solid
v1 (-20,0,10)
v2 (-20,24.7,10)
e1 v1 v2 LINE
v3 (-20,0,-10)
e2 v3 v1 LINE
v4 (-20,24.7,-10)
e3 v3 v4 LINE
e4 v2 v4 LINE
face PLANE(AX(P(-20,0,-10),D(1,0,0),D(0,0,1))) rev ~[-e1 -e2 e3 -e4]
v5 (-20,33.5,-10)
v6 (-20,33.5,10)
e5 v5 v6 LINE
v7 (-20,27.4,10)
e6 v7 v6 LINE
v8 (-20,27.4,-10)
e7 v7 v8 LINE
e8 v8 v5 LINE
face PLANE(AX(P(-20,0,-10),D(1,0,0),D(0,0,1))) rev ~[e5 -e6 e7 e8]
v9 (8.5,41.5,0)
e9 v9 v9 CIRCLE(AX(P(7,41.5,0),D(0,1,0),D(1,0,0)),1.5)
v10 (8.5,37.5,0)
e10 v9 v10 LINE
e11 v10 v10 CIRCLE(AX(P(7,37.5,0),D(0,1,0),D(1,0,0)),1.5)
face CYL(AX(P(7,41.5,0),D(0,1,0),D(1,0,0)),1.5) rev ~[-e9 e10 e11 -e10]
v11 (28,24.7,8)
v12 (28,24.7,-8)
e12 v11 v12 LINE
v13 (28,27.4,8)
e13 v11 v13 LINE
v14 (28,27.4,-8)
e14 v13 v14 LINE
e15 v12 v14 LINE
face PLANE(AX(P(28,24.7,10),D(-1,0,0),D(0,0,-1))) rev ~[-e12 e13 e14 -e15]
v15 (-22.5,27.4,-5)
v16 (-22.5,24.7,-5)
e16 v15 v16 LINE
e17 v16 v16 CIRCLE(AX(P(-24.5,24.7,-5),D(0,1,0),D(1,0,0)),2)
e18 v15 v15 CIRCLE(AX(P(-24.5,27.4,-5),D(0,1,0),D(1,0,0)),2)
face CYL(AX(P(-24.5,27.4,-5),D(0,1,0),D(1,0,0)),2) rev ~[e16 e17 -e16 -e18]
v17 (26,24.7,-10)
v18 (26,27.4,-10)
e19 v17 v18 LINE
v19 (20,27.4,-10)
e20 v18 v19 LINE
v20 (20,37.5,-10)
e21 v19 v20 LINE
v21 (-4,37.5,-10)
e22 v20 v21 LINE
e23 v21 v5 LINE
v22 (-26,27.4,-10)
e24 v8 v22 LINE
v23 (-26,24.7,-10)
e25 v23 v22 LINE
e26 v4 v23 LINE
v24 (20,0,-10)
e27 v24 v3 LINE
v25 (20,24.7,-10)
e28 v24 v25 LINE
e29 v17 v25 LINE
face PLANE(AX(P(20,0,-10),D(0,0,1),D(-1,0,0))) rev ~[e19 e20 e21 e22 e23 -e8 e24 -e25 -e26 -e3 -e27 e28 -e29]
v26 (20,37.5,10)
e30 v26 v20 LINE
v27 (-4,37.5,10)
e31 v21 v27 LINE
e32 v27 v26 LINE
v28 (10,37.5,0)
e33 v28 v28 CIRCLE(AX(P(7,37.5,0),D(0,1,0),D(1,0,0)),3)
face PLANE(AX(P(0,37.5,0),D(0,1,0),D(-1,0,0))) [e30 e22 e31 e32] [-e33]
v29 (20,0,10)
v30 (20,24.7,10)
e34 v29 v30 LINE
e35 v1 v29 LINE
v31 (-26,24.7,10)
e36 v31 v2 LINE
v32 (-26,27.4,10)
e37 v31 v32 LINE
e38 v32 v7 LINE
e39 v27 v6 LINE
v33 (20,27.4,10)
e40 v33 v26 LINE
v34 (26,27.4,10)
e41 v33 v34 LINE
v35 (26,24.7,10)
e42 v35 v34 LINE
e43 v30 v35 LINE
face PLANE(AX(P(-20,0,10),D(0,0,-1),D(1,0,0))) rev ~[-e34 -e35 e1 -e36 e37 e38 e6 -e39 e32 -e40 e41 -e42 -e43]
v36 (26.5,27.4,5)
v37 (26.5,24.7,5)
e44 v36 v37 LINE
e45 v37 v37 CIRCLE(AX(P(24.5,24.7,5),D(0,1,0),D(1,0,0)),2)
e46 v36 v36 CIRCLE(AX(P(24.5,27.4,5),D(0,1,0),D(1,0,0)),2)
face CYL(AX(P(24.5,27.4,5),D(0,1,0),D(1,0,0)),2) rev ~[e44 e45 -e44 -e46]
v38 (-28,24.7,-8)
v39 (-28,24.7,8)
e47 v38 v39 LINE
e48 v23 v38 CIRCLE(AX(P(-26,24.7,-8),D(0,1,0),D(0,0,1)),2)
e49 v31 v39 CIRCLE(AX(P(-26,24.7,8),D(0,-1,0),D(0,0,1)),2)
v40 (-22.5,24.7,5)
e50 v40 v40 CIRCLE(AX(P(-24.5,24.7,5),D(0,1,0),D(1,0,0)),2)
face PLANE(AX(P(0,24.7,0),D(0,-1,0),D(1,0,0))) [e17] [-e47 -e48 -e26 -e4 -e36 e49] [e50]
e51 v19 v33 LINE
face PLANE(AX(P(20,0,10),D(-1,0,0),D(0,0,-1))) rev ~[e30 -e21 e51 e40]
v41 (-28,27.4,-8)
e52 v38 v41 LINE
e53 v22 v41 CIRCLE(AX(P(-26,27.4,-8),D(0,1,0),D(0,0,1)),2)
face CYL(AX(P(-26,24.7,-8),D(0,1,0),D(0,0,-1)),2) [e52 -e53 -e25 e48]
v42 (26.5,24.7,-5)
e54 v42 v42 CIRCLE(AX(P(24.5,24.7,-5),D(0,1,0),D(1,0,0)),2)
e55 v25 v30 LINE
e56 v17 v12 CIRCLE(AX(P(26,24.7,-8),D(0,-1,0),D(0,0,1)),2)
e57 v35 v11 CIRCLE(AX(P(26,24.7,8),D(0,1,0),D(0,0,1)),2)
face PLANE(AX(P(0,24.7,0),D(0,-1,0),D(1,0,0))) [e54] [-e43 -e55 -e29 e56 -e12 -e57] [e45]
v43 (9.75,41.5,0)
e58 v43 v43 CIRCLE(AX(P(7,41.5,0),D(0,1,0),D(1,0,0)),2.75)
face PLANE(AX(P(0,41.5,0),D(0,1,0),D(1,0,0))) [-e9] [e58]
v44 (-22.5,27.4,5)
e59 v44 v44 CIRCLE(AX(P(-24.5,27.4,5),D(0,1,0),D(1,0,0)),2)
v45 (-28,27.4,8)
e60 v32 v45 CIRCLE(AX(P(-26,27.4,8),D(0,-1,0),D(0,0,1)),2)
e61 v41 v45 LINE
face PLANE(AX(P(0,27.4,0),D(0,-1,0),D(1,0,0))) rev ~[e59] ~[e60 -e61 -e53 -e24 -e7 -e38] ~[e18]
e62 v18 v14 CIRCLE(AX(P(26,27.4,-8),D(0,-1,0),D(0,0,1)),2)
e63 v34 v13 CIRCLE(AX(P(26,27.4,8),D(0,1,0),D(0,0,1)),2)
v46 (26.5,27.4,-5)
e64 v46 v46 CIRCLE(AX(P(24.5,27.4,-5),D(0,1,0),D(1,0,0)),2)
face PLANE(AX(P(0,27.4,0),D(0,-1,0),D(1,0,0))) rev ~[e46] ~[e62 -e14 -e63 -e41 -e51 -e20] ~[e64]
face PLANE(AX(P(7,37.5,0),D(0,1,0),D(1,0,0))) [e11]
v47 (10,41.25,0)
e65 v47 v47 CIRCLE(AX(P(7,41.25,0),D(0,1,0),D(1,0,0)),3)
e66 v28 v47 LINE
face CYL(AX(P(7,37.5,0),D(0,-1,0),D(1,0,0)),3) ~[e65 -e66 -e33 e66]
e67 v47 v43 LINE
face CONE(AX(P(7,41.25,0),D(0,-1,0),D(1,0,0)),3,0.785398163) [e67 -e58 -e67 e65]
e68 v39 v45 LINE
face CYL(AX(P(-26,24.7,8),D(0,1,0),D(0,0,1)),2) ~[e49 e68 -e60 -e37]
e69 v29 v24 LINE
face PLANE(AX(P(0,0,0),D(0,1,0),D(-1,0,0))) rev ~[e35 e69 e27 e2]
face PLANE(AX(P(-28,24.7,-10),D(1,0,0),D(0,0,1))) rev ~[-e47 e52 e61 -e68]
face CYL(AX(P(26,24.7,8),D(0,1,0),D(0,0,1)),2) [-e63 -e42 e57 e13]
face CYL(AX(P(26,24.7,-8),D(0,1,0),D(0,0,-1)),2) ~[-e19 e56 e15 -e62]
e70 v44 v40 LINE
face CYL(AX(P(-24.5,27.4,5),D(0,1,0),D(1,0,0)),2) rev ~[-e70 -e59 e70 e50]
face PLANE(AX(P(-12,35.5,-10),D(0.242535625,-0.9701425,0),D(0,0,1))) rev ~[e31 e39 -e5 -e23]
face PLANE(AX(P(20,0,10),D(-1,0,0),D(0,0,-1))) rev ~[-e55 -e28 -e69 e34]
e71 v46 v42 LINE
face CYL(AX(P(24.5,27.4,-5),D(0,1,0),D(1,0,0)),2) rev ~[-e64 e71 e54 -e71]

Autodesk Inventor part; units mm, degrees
ref_plane "YZ Plane" through (0, 0, 0) normal (1, 0, 0) x (0, 1, 0)
ref_plane "XZ Plane" through (0, 0, 0) normal (0, 1, 0) x (-1, 0, 0)
sketch "Sketch1" plane through (0, 0, 0) normal (0, 1, 0) x (-1, 0, 0)
  line L0 (20, 10) -> (-20, 10)
  line L1 (-20, 10) -> (-20, -10)
  line L2 (-20, -10) -> (20, -10)
  line L3 (20, -10) -> (20, 10)
  line L4 (20, 10) -> (-20, -10) construction
  line L5 (-20, 10) -> (20, -10) construction
  point P0 (0, 0)
  dimension "d0" = 40
  dimension "d1" = 20
extrude "Extrusion1" add sketch "Sketch1" along normal blind 37.5
ref_plane "Work Plane1" through (0, 24.7, 0) normal (0, -1, 0) x (1, 0, 0)
sketch "Sketch2" plane through (0, 24.7, 0) normal (0, -1, 0) x (1, 0, 0)
  line L0 (-28, 10) -> (28, 10)
  line L1 (28, 10) -> (28, -10)
  line L2 (28, -10) -> (-28, -10)
  line L3 (-28, -10) -> (-28, 10)
  line L4 (-28, 10) -> (28, -10) construction
  line L5 (28, 10) -> (-28, -10) construction
  point P0 (0, 0)
  dimension "d5" = 56
  dimension "d6" = 20
extrude "Extrusion2" add sketch "Sketch2" against normal blind 2.7
sketch "Sketch3" plane through (0, 27.4, 0) normal (0, 1, 0) x (1, 0, 0)
  circle A0 centre (-24.5, -5) radius 2
  line L0 (-28, 10) -> (-28, -10) construction
  line L1 (-28, 0) -> (28, 0) construction
  line L2 (28, 10) -> (28, -10) construction
  line L3 (-20, -10) -> (20, -10) projected
  line L4 (0, -10) -> (0, 10) construction
  line L5 (20, 10) -> (-20, 10) projected
  circle A1 centre (-24.5, 5) radius 2
  circle A2 centre (24.5, -5) radius 2
  circle A3 centre (24.5, 5) radius 2
  point P0 (0, 0)
  dimension "d9" = 4
  dimension "d10" = 5
  dimension "d11" = 24.5
extrude "Extrusion3" cut sketch "Sketch3" against normal up to surface (2.7 mm away)
sketch "Sketch4" plane through (0, 37.5, 0) normal (0, 1, 0) x (1, 0, 0)
  circle A0 centre (7, 0) radius 3
  line L0 (20, -10) -> (20, 10) projected
  point P0 (0, 0)
  dimension "d14" = 6
  dimension "d15" = 13
extrude "Extrusion4" add sketch "Sketch4" along normal blind 4
fillet "Fillet1" radius 2 4 edges at (-28, 26.05, 10) (28, 26.05, 10) (28, 26.05, -10) (-28, 26.05, -10)
chamfer "Chamfer1" distance 16 distance2 4 1 edges at (-20, 37.5, 0) measured on face at (-12, 37.5, 0)
sketch "Sketch5" plane through (7, 41.5, 0) normal (0, 1, 0) x (1, 0, 0)
  circle A0 centre (0, 0) radius 1.5
  circle A1 centre (0, 0) radius 3 construction
  point P0 (-7, 0)
  dimension "d22" = 3
extrude "Extrusion5" cut sketch "Sketch5" against normal blind 4
chamfer "Chamfer2" distance 0.25 angle 45 1 edges at (4, 41.5, 0)
properties part number "INJORA 35KG Digital Servo"
